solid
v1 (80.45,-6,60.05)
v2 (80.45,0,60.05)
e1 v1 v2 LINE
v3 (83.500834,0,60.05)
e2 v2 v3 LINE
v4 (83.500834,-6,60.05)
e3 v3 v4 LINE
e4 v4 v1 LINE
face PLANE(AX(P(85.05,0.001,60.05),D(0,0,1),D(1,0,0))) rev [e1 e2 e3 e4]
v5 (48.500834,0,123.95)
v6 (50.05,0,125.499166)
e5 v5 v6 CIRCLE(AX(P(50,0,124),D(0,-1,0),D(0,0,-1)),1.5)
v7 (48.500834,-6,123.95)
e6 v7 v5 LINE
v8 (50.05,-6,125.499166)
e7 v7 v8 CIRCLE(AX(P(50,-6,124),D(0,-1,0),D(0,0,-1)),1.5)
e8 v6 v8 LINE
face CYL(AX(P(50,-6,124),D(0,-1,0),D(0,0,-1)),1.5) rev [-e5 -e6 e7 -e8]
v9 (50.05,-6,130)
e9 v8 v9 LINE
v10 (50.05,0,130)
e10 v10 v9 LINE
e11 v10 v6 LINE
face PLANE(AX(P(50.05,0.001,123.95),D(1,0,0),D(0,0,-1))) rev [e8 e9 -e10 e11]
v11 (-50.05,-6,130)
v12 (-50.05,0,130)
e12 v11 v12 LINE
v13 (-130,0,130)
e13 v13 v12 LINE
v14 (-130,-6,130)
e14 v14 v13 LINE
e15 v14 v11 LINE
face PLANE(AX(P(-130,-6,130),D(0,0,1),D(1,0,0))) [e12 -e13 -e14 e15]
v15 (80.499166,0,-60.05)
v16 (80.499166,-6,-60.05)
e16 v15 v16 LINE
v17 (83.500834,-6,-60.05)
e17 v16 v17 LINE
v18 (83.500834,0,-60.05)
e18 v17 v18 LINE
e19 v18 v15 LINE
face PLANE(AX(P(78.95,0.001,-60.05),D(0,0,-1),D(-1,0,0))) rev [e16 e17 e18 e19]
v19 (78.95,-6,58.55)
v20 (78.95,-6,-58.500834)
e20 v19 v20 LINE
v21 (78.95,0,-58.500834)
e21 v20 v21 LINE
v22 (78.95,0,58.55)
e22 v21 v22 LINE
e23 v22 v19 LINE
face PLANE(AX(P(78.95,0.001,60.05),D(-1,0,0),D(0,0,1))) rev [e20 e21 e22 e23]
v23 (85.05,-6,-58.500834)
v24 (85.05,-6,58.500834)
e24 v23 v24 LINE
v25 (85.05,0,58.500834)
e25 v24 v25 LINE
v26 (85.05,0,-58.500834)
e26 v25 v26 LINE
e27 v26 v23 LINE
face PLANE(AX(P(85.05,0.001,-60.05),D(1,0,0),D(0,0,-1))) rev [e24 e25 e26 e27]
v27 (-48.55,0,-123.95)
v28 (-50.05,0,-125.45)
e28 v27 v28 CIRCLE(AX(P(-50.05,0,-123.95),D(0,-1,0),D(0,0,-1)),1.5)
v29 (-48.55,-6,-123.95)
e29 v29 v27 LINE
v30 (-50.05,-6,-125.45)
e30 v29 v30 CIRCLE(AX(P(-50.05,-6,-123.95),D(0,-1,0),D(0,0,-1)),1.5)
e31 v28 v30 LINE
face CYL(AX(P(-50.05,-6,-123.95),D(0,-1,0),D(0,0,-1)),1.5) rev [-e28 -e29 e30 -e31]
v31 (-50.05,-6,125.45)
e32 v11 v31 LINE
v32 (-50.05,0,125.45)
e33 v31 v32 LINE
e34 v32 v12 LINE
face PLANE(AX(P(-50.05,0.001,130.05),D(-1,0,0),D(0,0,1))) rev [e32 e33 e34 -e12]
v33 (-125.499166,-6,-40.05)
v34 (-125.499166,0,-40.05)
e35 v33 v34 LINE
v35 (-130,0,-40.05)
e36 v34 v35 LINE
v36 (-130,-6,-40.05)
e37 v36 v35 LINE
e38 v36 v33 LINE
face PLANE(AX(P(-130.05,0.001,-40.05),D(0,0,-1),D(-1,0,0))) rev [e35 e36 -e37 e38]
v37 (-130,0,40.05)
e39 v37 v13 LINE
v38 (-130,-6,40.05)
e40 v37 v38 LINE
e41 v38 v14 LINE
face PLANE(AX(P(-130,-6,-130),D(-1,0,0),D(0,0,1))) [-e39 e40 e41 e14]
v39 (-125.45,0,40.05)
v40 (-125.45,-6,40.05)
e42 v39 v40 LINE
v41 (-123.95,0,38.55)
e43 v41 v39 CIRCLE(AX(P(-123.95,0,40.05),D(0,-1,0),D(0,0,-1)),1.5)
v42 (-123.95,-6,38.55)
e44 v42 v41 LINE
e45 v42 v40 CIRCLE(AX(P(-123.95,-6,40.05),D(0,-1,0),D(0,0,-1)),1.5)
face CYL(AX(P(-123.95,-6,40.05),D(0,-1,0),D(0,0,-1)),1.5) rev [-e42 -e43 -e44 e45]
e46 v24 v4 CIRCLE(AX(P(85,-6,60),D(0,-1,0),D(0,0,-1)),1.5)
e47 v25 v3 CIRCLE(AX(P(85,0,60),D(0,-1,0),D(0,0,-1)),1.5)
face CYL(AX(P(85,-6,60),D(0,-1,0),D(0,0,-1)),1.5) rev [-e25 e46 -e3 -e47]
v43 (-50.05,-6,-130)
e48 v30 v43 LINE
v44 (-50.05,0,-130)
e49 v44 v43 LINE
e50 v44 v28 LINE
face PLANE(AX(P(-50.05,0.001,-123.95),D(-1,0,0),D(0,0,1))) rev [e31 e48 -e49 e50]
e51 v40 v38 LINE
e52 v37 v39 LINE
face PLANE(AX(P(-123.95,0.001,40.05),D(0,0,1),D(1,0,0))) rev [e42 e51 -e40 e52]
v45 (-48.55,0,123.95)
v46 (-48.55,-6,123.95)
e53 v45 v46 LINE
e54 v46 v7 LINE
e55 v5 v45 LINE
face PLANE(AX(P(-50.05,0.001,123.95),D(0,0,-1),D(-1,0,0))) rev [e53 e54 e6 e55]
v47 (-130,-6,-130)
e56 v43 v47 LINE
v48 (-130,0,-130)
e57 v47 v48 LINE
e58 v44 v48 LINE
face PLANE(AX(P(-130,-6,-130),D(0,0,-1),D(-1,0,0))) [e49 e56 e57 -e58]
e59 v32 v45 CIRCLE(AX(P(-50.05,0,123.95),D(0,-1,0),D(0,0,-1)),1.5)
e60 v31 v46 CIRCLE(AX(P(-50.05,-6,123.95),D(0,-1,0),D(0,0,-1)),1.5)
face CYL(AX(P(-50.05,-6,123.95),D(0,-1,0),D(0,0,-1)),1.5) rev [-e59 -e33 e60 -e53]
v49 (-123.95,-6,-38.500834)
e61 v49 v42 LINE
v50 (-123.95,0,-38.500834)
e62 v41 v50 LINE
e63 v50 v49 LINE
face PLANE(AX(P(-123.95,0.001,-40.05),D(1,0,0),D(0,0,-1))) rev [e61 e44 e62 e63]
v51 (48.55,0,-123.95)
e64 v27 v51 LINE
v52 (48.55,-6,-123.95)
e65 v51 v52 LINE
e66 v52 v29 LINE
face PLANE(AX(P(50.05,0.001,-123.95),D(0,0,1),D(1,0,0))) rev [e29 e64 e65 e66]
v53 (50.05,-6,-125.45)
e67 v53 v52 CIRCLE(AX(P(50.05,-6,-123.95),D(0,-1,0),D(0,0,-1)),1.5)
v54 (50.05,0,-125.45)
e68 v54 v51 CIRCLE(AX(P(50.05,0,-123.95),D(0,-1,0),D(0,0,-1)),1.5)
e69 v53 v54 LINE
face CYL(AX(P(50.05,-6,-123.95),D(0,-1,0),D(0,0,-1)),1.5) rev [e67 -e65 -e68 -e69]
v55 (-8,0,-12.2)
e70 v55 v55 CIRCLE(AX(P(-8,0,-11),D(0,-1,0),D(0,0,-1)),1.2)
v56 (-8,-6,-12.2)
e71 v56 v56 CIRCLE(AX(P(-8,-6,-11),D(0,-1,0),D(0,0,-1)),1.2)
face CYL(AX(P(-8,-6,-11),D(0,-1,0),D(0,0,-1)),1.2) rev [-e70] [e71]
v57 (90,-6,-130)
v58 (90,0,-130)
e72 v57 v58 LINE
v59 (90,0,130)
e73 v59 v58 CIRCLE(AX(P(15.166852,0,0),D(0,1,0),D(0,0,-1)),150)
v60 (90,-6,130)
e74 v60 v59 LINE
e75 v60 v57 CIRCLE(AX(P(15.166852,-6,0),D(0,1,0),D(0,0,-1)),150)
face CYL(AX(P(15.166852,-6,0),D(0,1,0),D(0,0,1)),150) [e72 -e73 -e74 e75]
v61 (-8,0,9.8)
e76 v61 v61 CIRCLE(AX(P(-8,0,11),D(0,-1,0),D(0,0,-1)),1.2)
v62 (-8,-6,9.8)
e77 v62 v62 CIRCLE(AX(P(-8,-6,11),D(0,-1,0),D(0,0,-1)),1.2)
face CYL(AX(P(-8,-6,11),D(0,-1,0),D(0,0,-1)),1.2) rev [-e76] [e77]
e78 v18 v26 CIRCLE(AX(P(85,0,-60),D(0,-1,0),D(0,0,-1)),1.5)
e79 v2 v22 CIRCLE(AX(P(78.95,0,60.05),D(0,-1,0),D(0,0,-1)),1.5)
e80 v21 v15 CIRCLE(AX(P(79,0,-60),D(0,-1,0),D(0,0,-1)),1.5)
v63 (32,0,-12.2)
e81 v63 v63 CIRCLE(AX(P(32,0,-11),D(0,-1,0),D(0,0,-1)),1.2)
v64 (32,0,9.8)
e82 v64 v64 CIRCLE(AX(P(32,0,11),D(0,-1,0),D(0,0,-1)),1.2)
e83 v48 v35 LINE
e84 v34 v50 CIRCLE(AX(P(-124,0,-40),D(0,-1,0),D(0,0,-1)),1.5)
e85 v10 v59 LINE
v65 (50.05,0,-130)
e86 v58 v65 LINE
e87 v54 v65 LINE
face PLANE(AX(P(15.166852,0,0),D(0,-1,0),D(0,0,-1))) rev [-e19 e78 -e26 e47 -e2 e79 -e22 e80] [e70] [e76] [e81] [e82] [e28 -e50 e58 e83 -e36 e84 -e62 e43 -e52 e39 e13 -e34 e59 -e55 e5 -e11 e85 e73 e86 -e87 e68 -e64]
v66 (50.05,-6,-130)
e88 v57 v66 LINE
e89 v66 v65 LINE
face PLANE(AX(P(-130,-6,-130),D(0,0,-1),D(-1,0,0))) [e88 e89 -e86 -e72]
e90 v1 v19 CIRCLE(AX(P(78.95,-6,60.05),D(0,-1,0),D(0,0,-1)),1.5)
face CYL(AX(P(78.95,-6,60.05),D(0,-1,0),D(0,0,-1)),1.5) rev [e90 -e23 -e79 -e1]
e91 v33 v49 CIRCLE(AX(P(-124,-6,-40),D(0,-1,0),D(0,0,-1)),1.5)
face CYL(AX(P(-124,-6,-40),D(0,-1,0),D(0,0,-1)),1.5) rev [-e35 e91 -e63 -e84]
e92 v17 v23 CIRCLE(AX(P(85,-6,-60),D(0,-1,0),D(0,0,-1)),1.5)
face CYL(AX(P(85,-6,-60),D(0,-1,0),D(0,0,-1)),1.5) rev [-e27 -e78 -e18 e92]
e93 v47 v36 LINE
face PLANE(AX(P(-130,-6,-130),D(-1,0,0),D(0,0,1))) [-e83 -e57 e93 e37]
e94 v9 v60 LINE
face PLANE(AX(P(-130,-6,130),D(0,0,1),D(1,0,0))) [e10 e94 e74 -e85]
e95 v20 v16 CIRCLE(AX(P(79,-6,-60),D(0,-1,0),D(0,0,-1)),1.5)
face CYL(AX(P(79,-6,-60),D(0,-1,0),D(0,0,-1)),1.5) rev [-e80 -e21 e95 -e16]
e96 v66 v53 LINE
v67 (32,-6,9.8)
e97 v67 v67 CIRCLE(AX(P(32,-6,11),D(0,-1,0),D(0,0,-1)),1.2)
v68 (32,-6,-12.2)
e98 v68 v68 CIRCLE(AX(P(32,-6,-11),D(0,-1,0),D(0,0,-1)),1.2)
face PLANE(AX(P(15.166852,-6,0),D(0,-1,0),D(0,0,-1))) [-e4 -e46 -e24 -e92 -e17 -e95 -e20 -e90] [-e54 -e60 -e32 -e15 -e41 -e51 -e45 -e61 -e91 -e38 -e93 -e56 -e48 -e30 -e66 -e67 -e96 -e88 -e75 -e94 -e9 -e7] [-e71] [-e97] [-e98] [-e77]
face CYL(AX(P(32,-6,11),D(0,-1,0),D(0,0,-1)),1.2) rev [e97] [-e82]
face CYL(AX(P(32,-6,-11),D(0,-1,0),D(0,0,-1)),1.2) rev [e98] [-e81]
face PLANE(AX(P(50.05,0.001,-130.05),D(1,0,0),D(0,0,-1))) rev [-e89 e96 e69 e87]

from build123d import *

# Parameters (mm, degrees)
BOSS_EXTRUDE1_DEPTH       = 6
M2_CLEARANCE_HOLE1_D      = 2.4
CUT_EXTRUDE1_REACH        = 212.276
SKETCH4_W                 = 6.1
SKETCH4_H                 = 120.1
SKETCH4_W_2               = 100.1
SKETCH4_H_2               = 6.1
SKETCH4_H_3               = 80.1
F_3_0MM_DOWEL_HOLE1_D     = 3
F_3_0MM_DOWEL_HOLE1_DEPTH = 6


with BuildPart() as part:
    # Sketch1 → Boss-Extrude1 (new body)
    with BuildSketch(Plane(origin=(0, 0, 0), x_dir=(1, 0, 0), z_dir=(0, 1, 0))):
        with BuildLine():
            Line((-130, 130), (90, 130))
            ThreePointArc((90, 130), (165.166852265, 0), (90, -130))
            Line((90, -130), (-130, -130))
            Line((-130, -130), (-130, 130))
        make_face()
    extrude(amount=-BOSS_EXTRUDE1_DEPTH)

    # M2 Clearance Hole1 (through all)
    with Locations(Plane(origin=(0, -6, 0), x_dir=(-1, 0, 0), z_dir=(0, -1, 0))):
        with Locations((-32, -11), (-32, 11), (8, -11), (8, 11)):
            Hole(M2_CLEARANCE_HOLE1_D / 2)

    # Sketch4 → Cut-Extrude1 (cut, up to next)
    with BuildSketch(Plane.XZ.offset(6), mode=Mode.PRIVATE) as cut_extrude1_sk1:
        with Locations((82, 0)):
            Rectangle(SKETCH4_W, SKETCH4_H)
    cut_extrude1_tool1 = extrude(cut_extrude1_sk1.sketch, amount=-CUT_EXTRUDE1_REACH, mode=Mode.PRIVATE) & part.part
    # Sketch4 → Cut-Extrude1 (cut, up to next)
    with BuildSketch(Plane.XZ.offset(6), mode=Mode.PRIVATE) as cut_extrude1_sk2:
        with Locations((0, -127)):
            Rectangle(SKETCH4_W_2, SKETCH4_H_2)
    cut_extrude1_tool2 = extrude(cut_extrude1_sk2.sketch, amount=-CUT_EXTRUDE1_REACH, mode=Mode.PRIVATE) & part.part
    # Sketch4 → Cut-Extrude1 (cut, up to next)
    with BuildSketch(Plane.XZ.offset(6), mode=Mode.PRIVATE) as cut_extrude1_sk3:
        with Locations((0, 127)):
            Rectangle(SKETCH4_W_2, SKETCH4_H_2)
    cut_extrude1_tool3 = extrude(cut_extrude1_sk3.sketch, amount=-CUT_EXTRUDE1_REACH, mode=Mode.PRIVATE) & part.part
    # Sketch4 → Cut-Extrude1 (cut, up to next)
    with BuildSketch(Plane.XZ.offset(6), mode=Mode.PRIVATE) as cut_extrude1_sk4:
        with Locations((-127, 0)):
            Rectangle(SKETCH4_W, SKETCH4_H_3)
    cut_extrude1_tool4 = extrude(cut_extrude1_sk4.sketch, amount=-CUT_EXTRUDE1_REACH, mode=Mode.PRIVATE) & part.part
    add(cut_extrude1_tool1.solids().sort_by_distance((82, -6, 0))[0], mode=Mode.SUBTRACT)
    add(cut_extrude1_tool2.solids().sort_by_distance((0, -6, -127))[0], mode=Mode.SUBTRACT)
    add(cut_extrude1_tool3.solids().sort_by_distance((0, -6, 127))[0], mode=Mode.SUBTRACT)
    add(cut_extrude1_tool4.solids().sort_by_distance((-127, -6, 0))[0], mode=Mode.SUBTRACT)

    # Ø3.0mm Dowel Hole1
    with Locations(Plane(origin=(0, -6, 0), x_dir=(-1, 0, 0), z_dir=(0, -1, 0))):
        with Locations((-85, 60), (-79, 60), (-78.95, -60.05), (-85, -60), (124, 40), (123.95, -40.05), (50.05, -123.95), (-50, -124), (-50.05, 123.95), (50.05, 123.95)):
            Hole(F_3_0MM_DOWEL_HOLE1_D / 2, depth=F_3_0MM_DOWEL_HOLE1_DEPTH)


solid = part.part
